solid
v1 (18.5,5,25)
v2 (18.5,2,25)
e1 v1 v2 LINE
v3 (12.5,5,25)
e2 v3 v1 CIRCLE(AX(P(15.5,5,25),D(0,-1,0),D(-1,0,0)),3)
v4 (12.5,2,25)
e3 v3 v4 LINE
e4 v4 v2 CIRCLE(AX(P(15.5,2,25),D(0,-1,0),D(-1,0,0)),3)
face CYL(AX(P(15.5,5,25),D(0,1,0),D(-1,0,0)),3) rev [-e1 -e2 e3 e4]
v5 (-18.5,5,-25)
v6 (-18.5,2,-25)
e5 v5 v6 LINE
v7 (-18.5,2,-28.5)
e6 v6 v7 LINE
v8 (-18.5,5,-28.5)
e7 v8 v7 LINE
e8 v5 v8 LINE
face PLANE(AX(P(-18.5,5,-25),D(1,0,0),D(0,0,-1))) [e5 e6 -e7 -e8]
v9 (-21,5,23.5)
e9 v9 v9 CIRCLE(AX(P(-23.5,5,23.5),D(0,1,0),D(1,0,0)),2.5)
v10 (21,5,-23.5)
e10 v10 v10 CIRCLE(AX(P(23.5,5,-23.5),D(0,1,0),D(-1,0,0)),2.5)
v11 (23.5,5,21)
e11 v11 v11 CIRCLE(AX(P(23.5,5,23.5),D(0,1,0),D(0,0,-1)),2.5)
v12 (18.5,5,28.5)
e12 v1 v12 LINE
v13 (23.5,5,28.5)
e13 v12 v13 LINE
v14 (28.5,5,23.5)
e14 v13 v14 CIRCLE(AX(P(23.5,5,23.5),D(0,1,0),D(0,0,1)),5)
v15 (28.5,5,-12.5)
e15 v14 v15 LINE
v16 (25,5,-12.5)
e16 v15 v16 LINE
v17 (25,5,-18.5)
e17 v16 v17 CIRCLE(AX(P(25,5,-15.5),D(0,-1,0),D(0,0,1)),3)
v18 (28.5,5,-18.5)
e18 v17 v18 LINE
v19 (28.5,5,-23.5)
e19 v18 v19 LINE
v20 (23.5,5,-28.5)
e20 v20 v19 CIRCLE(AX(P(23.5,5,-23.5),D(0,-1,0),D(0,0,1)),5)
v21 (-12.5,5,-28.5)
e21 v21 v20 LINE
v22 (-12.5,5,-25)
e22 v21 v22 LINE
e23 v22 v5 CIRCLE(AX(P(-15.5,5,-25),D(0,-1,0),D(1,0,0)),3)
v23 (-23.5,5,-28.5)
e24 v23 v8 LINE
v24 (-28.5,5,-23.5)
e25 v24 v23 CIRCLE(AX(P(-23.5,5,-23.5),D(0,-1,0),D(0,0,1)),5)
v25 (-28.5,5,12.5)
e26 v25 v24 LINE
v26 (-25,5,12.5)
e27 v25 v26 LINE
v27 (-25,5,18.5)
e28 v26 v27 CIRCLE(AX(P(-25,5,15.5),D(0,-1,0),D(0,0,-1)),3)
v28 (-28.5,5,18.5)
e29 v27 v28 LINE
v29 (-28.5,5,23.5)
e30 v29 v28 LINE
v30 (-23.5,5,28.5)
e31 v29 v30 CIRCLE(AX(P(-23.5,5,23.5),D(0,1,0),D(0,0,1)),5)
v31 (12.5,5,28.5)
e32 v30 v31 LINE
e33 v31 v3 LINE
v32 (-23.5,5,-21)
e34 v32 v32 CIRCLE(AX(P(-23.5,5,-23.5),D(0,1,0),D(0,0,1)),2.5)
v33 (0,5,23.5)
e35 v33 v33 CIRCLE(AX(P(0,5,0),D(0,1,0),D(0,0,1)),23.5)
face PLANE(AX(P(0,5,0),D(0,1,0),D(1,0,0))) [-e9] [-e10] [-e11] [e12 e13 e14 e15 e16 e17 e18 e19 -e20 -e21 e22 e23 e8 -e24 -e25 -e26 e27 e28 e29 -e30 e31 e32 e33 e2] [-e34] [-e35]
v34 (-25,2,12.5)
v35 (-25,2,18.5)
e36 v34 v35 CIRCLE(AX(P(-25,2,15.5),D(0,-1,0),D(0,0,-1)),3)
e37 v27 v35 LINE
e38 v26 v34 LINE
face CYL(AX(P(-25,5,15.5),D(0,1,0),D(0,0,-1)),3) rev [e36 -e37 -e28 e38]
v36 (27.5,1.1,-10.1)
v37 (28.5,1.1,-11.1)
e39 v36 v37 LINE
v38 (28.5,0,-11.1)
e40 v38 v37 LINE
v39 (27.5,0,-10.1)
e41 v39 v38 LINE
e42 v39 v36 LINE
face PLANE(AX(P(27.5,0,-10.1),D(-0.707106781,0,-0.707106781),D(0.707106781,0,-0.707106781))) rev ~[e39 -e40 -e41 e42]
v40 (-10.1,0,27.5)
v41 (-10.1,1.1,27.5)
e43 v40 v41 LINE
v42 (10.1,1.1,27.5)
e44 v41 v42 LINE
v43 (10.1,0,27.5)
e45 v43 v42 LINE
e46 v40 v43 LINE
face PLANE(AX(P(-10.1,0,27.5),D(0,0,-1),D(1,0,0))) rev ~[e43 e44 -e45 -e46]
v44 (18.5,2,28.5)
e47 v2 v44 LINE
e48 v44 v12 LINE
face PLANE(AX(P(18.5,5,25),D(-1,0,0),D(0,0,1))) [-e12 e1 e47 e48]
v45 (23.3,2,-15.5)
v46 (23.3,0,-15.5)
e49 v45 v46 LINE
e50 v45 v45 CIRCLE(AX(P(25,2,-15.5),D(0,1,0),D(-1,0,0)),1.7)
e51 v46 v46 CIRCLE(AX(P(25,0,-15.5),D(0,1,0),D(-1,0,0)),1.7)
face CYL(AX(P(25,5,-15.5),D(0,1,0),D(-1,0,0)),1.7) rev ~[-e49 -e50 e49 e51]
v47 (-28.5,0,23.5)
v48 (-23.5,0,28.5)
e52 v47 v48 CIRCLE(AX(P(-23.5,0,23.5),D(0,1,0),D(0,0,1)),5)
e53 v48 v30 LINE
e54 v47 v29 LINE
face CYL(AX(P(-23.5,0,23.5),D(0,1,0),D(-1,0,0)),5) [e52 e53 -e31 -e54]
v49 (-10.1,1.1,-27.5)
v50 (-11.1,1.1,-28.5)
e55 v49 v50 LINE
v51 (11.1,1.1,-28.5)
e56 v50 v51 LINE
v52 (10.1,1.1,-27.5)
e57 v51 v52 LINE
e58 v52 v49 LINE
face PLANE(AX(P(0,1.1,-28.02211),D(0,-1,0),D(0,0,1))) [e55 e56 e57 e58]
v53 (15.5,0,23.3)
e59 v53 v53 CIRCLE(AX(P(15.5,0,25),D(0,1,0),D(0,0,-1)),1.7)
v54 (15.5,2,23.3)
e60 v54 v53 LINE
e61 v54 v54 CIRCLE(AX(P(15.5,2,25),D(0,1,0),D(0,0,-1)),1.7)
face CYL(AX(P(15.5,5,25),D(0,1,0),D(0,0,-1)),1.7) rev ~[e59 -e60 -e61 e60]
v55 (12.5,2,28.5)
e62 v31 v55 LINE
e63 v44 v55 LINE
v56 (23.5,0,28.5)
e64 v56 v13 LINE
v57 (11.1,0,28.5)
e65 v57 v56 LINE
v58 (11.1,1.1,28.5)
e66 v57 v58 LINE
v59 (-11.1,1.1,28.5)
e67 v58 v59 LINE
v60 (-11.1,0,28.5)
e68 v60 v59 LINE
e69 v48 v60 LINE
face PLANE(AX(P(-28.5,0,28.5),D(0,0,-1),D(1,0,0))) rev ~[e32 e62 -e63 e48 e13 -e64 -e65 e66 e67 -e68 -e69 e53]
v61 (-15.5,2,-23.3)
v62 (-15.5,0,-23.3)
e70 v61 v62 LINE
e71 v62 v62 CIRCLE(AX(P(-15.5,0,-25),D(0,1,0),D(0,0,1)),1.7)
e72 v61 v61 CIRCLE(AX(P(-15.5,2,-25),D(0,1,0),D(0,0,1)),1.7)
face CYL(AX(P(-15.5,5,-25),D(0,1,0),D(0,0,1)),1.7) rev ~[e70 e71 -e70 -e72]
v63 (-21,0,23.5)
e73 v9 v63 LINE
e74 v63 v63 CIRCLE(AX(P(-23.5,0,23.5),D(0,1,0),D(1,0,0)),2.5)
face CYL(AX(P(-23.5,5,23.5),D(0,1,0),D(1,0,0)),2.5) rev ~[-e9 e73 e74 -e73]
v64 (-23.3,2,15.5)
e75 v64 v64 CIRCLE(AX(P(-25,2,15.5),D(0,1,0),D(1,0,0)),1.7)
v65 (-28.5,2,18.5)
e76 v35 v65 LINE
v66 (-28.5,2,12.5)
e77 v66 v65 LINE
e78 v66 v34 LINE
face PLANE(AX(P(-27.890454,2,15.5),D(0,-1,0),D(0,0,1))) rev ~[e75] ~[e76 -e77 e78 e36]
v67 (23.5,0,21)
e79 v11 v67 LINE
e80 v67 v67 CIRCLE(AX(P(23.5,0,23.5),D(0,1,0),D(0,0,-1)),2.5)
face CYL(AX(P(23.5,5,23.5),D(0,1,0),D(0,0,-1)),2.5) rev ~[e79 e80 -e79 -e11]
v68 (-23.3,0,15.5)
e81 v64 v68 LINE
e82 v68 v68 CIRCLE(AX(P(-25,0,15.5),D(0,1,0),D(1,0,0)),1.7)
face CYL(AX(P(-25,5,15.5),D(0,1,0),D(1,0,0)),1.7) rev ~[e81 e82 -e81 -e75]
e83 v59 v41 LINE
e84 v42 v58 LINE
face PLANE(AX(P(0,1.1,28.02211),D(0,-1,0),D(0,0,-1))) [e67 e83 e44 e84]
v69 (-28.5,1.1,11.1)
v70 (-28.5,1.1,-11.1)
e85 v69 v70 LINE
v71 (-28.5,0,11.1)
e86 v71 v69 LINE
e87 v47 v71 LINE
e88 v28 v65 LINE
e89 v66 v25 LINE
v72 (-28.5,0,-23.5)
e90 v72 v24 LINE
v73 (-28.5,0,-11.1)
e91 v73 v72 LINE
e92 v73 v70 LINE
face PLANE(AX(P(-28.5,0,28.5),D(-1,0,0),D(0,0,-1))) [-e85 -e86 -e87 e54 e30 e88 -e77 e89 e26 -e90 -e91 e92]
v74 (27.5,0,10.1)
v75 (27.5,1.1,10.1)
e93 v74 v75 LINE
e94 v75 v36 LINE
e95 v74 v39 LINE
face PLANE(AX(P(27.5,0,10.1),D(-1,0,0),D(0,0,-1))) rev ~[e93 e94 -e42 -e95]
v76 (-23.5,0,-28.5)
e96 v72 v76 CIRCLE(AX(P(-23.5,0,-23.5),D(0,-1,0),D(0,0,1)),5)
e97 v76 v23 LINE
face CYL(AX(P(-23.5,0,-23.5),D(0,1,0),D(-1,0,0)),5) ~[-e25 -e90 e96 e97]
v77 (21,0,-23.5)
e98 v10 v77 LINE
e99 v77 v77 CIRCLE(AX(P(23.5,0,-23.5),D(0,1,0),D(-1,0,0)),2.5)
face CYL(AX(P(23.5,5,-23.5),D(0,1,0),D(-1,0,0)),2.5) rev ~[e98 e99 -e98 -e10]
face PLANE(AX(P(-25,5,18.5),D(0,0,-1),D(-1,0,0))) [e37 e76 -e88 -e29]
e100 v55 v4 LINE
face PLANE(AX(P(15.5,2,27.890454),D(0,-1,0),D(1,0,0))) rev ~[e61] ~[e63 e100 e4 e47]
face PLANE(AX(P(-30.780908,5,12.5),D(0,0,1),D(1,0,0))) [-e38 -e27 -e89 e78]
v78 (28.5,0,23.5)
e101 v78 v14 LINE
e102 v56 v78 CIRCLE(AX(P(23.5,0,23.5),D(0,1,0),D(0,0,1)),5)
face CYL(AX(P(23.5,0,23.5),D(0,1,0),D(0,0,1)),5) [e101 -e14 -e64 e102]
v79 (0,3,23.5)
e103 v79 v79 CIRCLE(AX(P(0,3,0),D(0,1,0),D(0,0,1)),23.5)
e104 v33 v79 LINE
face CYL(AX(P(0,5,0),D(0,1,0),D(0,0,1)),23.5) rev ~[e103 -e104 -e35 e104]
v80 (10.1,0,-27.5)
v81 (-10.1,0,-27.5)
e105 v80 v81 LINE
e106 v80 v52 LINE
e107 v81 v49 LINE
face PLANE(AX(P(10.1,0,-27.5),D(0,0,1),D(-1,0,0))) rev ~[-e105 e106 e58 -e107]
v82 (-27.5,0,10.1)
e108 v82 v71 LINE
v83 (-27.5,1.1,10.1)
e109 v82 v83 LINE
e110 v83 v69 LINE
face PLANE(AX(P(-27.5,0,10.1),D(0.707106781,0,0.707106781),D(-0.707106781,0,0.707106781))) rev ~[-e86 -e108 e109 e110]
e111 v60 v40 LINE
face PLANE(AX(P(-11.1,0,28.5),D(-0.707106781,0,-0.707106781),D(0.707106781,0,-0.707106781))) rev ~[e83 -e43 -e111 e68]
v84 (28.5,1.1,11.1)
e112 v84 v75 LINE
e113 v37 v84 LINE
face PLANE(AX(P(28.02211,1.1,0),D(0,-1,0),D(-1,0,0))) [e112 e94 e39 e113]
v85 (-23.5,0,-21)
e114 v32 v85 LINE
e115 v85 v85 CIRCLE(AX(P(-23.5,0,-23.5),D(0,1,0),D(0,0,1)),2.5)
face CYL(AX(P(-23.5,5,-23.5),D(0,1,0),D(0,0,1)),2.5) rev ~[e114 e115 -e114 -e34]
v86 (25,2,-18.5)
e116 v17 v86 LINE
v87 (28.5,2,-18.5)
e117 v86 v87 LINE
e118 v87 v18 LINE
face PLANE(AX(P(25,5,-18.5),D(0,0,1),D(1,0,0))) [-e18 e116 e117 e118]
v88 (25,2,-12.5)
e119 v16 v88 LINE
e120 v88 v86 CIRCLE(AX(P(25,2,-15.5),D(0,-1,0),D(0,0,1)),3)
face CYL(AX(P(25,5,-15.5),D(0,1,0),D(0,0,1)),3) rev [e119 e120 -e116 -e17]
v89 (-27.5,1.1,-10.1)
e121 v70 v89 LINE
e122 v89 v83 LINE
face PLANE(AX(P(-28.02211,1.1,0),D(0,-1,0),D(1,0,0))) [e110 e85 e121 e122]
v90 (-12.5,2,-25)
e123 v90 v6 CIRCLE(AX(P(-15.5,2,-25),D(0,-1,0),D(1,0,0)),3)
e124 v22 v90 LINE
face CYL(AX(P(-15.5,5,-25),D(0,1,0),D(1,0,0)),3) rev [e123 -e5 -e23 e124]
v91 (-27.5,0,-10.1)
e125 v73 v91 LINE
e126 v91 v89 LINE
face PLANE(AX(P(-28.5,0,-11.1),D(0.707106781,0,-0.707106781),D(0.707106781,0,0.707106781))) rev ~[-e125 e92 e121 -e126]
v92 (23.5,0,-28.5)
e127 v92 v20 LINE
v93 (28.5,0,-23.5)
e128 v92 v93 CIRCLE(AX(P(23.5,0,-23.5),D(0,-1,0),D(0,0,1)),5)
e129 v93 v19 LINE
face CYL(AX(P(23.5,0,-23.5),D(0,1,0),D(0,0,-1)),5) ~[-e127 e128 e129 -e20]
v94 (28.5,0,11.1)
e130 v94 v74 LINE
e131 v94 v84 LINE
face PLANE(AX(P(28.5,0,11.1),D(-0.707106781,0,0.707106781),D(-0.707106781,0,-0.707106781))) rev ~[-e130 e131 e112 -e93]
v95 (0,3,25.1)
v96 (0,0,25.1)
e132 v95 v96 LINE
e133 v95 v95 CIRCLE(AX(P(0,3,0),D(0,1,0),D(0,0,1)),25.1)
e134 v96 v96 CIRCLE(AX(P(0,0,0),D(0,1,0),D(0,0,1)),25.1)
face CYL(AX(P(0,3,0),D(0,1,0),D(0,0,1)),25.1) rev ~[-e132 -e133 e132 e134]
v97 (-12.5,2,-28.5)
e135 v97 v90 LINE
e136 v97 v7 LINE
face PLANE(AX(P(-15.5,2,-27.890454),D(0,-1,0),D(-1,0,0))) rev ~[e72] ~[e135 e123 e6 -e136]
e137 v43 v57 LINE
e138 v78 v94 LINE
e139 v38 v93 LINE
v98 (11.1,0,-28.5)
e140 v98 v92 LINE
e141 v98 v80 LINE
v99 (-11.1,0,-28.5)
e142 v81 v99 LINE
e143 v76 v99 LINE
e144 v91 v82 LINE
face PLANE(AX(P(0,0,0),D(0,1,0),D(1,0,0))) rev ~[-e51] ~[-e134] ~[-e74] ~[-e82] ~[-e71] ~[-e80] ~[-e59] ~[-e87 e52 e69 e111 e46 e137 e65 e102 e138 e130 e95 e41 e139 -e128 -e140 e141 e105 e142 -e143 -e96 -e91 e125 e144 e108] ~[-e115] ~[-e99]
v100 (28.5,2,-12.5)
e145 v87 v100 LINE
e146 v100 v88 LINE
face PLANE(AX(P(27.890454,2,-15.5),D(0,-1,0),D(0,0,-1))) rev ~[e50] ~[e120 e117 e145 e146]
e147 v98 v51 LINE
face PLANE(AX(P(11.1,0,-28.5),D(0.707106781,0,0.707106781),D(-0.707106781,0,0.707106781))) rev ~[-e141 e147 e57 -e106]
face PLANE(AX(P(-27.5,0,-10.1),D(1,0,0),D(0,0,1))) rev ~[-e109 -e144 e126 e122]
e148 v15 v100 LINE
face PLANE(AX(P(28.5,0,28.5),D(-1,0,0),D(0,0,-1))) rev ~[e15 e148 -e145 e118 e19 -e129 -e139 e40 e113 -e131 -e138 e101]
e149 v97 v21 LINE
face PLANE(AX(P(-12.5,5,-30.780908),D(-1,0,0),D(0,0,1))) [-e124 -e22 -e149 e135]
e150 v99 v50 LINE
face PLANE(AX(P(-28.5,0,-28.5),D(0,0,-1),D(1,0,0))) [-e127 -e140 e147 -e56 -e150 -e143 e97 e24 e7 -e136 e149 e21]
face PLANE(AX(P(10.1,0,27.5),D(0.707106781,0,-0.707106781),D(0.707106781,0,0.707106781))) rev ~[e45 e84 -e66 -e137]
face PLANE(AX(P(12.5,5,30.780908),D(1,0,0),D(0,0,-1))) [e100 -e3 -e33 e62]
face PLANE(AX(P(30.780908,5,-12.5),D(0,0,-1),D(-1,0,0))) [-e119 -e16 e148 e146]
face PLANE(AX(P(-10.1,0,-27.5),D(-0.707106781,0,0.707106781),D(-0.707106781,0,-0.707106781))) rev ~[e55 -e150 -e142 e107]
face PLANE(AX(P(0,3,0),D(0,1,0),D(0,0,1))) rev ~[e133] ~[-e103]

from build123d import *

# Parameters (mm, degrees)
SKETCH_1_W               = 57
SKETCH_1_H               = 57
EXTRUDE_1_DEPTH          = 5
SKETCH_2_R               = 23.5
CUT_EXTRUDE_1_DEPTH      = 2
SKETCH_3_R               = 25.1
CUT_EXTRUDE_2_DEPTH      = 3
SKETCH_4_R               = 2.5
SKETCH_4_R_2             = 1.7
CUT_EXTRUDE_3_DEPTH      = 41.614036982
CUT_EXTRUDE_4_DEPTH      = 3
CUT_EXTRUDE_5_DEPTH      = 1.1
PATTERN_CIRCULAR_1_COUNT = 4
FILLET_1_R               = 5


with BuildPart() as part:
    # 草图1 → 凸台-拉伸1 (new body)
    with BuildSketch(Plane(origin=(0, 0, 0), x_dir=(1, 0, 0), z_dir=(0, 1, 0))):
        Rectangle(SKETCH_1_W, SKETCH_1_H)
    extrude(amount=EXTRUDE_1_DEPTH)

    # 草图2 → 切除-拉伸1 (cut)
    with BuildSketch(Plane(origin=(0, 5, 0), x_dir=(1, 0, 0), z_dir=(0, 1, 0))):
        with Locations(Location((0, 0, 0), (0, 0, 270))):
            Circle(SKETCH_2_R)
    extrude(amount=-CUT_EXTRUDE_1_DEPTH, mode=Mode.SUBTRACT)

    # 草图3 → 切除-拉伸2 (cut)
    with BuildSketch(Plane(origin=(0, 3, 0), x_dir=(1, 0, 0), z_dir=(0, 1, 0))):
        with Locations(Location((0, 0, 0), (0, 0, 270))):
            Circle(SKETCH_3_R)
    extrude(amount=-CUT_EXTRUDE_2_DEPTH, mode=Mode.SUBTRACT)

    # 草图4 → 切除-拉伸3 (cut, through all)
    with BuildSketch(Plane(origin=(0, 5, 0), x_dir=(1, 0, 0), z_dir=(0, 1, 0))):
        with Locations(Location((-23.5, 23.5, 0), (0, 0, 270))):
            Circle(SKETCH_4_R)
        with Locations(Location((-15.5, 25, 0), (0, 0, 270))):
            Circle(SKETCH_4_R_2)
    cut_extrude_3 = extrude(amount=-CUT_EXTRUDE_3_DEPTH, mode=Mode.SUBTRACT)

    # 草图5 → 切除-拉伸4 (cut)
    with BuildSketch(Plane(origin=(0, 5, 0), x_dir=(1, 0, 0), z_dir=(0, 1, 0))):
        with BuildLine():
            Line((-18.5, 25), (-18.5, 30.780907879))
            ThreePointArc((-18.5, 30.780907879), (-15.5, 33.780907879), (-12.5, 30.780907879))
            Line((-12.5, 30.780907879), (-12.5, 25))
            ThreePointArc((-12.5, 25), (-15.5, 22), (-18.5, 25))
        make_face()
    cut_extrude_4 = extrude(amount=-CUT_EXTRUDE_4_DEPTH, mode=Mode.SUBTRACT)

    # 草图6 → 切除-拉伸5 (cut)
    with BuildSketch(Plane.XZ):
        Polygon((-28.5, 11.1), (-28.5, -11.1), (-27.5, -10.1), (-27.5, 10.1), align=None)
    cut_extrude_5 = extrude(amount=-CUT_EXTRUDE_5_DEPTH, mode=Mode.SUBTRACT)

    # 阵列(圆周)1: 切除-拉伸3, 切除-拉伸4, 切除-拉伸5 ×4 about axis
    pattern_circular_1_axis = Axis((0, 0, 0), (0, 1, 0))
    add([cut_extrude_3.rotate(pattern_circular_1_axis, i * 360 / PATTERN_CIRCULAR_1_COUNT) for i in range(1, PATTERN_CIRCULAR_1_COUNT)], mode=Mode.SUBTRACT)
    add([cut_extrude_4.rotate(pattern_circular_1_axis, i * 360 / PATTERN_CIRCULAR_1_COUNT) for i in range(1, PATTERN_CIRCULAR_1_COUNT)], mode=Mode.SUBTRACT)
    add([cut_extrude_5.rotate(pattern_circular_1_axis, i * 360 / PATTERN_CIRCULAR_1_COUNT) for i in range(1, PATTERN_CIRCULAR_1_COUNT)], mode=Mode.SUBTRACT)

    # 圆角1
    fillet_1_edges = [part.edges().sort_by_distance(p)[0] for p in [
        (28.5, 2.5, 28.5),
        (-28.5, 2.5, 28.5),
        (-28.5, 2.5, -28.5),
        (28.5, 2.5, -28.5),
    ]]
    fillet(fillet_1_edges, radius=FILLET_1_R)


solid = part.part
